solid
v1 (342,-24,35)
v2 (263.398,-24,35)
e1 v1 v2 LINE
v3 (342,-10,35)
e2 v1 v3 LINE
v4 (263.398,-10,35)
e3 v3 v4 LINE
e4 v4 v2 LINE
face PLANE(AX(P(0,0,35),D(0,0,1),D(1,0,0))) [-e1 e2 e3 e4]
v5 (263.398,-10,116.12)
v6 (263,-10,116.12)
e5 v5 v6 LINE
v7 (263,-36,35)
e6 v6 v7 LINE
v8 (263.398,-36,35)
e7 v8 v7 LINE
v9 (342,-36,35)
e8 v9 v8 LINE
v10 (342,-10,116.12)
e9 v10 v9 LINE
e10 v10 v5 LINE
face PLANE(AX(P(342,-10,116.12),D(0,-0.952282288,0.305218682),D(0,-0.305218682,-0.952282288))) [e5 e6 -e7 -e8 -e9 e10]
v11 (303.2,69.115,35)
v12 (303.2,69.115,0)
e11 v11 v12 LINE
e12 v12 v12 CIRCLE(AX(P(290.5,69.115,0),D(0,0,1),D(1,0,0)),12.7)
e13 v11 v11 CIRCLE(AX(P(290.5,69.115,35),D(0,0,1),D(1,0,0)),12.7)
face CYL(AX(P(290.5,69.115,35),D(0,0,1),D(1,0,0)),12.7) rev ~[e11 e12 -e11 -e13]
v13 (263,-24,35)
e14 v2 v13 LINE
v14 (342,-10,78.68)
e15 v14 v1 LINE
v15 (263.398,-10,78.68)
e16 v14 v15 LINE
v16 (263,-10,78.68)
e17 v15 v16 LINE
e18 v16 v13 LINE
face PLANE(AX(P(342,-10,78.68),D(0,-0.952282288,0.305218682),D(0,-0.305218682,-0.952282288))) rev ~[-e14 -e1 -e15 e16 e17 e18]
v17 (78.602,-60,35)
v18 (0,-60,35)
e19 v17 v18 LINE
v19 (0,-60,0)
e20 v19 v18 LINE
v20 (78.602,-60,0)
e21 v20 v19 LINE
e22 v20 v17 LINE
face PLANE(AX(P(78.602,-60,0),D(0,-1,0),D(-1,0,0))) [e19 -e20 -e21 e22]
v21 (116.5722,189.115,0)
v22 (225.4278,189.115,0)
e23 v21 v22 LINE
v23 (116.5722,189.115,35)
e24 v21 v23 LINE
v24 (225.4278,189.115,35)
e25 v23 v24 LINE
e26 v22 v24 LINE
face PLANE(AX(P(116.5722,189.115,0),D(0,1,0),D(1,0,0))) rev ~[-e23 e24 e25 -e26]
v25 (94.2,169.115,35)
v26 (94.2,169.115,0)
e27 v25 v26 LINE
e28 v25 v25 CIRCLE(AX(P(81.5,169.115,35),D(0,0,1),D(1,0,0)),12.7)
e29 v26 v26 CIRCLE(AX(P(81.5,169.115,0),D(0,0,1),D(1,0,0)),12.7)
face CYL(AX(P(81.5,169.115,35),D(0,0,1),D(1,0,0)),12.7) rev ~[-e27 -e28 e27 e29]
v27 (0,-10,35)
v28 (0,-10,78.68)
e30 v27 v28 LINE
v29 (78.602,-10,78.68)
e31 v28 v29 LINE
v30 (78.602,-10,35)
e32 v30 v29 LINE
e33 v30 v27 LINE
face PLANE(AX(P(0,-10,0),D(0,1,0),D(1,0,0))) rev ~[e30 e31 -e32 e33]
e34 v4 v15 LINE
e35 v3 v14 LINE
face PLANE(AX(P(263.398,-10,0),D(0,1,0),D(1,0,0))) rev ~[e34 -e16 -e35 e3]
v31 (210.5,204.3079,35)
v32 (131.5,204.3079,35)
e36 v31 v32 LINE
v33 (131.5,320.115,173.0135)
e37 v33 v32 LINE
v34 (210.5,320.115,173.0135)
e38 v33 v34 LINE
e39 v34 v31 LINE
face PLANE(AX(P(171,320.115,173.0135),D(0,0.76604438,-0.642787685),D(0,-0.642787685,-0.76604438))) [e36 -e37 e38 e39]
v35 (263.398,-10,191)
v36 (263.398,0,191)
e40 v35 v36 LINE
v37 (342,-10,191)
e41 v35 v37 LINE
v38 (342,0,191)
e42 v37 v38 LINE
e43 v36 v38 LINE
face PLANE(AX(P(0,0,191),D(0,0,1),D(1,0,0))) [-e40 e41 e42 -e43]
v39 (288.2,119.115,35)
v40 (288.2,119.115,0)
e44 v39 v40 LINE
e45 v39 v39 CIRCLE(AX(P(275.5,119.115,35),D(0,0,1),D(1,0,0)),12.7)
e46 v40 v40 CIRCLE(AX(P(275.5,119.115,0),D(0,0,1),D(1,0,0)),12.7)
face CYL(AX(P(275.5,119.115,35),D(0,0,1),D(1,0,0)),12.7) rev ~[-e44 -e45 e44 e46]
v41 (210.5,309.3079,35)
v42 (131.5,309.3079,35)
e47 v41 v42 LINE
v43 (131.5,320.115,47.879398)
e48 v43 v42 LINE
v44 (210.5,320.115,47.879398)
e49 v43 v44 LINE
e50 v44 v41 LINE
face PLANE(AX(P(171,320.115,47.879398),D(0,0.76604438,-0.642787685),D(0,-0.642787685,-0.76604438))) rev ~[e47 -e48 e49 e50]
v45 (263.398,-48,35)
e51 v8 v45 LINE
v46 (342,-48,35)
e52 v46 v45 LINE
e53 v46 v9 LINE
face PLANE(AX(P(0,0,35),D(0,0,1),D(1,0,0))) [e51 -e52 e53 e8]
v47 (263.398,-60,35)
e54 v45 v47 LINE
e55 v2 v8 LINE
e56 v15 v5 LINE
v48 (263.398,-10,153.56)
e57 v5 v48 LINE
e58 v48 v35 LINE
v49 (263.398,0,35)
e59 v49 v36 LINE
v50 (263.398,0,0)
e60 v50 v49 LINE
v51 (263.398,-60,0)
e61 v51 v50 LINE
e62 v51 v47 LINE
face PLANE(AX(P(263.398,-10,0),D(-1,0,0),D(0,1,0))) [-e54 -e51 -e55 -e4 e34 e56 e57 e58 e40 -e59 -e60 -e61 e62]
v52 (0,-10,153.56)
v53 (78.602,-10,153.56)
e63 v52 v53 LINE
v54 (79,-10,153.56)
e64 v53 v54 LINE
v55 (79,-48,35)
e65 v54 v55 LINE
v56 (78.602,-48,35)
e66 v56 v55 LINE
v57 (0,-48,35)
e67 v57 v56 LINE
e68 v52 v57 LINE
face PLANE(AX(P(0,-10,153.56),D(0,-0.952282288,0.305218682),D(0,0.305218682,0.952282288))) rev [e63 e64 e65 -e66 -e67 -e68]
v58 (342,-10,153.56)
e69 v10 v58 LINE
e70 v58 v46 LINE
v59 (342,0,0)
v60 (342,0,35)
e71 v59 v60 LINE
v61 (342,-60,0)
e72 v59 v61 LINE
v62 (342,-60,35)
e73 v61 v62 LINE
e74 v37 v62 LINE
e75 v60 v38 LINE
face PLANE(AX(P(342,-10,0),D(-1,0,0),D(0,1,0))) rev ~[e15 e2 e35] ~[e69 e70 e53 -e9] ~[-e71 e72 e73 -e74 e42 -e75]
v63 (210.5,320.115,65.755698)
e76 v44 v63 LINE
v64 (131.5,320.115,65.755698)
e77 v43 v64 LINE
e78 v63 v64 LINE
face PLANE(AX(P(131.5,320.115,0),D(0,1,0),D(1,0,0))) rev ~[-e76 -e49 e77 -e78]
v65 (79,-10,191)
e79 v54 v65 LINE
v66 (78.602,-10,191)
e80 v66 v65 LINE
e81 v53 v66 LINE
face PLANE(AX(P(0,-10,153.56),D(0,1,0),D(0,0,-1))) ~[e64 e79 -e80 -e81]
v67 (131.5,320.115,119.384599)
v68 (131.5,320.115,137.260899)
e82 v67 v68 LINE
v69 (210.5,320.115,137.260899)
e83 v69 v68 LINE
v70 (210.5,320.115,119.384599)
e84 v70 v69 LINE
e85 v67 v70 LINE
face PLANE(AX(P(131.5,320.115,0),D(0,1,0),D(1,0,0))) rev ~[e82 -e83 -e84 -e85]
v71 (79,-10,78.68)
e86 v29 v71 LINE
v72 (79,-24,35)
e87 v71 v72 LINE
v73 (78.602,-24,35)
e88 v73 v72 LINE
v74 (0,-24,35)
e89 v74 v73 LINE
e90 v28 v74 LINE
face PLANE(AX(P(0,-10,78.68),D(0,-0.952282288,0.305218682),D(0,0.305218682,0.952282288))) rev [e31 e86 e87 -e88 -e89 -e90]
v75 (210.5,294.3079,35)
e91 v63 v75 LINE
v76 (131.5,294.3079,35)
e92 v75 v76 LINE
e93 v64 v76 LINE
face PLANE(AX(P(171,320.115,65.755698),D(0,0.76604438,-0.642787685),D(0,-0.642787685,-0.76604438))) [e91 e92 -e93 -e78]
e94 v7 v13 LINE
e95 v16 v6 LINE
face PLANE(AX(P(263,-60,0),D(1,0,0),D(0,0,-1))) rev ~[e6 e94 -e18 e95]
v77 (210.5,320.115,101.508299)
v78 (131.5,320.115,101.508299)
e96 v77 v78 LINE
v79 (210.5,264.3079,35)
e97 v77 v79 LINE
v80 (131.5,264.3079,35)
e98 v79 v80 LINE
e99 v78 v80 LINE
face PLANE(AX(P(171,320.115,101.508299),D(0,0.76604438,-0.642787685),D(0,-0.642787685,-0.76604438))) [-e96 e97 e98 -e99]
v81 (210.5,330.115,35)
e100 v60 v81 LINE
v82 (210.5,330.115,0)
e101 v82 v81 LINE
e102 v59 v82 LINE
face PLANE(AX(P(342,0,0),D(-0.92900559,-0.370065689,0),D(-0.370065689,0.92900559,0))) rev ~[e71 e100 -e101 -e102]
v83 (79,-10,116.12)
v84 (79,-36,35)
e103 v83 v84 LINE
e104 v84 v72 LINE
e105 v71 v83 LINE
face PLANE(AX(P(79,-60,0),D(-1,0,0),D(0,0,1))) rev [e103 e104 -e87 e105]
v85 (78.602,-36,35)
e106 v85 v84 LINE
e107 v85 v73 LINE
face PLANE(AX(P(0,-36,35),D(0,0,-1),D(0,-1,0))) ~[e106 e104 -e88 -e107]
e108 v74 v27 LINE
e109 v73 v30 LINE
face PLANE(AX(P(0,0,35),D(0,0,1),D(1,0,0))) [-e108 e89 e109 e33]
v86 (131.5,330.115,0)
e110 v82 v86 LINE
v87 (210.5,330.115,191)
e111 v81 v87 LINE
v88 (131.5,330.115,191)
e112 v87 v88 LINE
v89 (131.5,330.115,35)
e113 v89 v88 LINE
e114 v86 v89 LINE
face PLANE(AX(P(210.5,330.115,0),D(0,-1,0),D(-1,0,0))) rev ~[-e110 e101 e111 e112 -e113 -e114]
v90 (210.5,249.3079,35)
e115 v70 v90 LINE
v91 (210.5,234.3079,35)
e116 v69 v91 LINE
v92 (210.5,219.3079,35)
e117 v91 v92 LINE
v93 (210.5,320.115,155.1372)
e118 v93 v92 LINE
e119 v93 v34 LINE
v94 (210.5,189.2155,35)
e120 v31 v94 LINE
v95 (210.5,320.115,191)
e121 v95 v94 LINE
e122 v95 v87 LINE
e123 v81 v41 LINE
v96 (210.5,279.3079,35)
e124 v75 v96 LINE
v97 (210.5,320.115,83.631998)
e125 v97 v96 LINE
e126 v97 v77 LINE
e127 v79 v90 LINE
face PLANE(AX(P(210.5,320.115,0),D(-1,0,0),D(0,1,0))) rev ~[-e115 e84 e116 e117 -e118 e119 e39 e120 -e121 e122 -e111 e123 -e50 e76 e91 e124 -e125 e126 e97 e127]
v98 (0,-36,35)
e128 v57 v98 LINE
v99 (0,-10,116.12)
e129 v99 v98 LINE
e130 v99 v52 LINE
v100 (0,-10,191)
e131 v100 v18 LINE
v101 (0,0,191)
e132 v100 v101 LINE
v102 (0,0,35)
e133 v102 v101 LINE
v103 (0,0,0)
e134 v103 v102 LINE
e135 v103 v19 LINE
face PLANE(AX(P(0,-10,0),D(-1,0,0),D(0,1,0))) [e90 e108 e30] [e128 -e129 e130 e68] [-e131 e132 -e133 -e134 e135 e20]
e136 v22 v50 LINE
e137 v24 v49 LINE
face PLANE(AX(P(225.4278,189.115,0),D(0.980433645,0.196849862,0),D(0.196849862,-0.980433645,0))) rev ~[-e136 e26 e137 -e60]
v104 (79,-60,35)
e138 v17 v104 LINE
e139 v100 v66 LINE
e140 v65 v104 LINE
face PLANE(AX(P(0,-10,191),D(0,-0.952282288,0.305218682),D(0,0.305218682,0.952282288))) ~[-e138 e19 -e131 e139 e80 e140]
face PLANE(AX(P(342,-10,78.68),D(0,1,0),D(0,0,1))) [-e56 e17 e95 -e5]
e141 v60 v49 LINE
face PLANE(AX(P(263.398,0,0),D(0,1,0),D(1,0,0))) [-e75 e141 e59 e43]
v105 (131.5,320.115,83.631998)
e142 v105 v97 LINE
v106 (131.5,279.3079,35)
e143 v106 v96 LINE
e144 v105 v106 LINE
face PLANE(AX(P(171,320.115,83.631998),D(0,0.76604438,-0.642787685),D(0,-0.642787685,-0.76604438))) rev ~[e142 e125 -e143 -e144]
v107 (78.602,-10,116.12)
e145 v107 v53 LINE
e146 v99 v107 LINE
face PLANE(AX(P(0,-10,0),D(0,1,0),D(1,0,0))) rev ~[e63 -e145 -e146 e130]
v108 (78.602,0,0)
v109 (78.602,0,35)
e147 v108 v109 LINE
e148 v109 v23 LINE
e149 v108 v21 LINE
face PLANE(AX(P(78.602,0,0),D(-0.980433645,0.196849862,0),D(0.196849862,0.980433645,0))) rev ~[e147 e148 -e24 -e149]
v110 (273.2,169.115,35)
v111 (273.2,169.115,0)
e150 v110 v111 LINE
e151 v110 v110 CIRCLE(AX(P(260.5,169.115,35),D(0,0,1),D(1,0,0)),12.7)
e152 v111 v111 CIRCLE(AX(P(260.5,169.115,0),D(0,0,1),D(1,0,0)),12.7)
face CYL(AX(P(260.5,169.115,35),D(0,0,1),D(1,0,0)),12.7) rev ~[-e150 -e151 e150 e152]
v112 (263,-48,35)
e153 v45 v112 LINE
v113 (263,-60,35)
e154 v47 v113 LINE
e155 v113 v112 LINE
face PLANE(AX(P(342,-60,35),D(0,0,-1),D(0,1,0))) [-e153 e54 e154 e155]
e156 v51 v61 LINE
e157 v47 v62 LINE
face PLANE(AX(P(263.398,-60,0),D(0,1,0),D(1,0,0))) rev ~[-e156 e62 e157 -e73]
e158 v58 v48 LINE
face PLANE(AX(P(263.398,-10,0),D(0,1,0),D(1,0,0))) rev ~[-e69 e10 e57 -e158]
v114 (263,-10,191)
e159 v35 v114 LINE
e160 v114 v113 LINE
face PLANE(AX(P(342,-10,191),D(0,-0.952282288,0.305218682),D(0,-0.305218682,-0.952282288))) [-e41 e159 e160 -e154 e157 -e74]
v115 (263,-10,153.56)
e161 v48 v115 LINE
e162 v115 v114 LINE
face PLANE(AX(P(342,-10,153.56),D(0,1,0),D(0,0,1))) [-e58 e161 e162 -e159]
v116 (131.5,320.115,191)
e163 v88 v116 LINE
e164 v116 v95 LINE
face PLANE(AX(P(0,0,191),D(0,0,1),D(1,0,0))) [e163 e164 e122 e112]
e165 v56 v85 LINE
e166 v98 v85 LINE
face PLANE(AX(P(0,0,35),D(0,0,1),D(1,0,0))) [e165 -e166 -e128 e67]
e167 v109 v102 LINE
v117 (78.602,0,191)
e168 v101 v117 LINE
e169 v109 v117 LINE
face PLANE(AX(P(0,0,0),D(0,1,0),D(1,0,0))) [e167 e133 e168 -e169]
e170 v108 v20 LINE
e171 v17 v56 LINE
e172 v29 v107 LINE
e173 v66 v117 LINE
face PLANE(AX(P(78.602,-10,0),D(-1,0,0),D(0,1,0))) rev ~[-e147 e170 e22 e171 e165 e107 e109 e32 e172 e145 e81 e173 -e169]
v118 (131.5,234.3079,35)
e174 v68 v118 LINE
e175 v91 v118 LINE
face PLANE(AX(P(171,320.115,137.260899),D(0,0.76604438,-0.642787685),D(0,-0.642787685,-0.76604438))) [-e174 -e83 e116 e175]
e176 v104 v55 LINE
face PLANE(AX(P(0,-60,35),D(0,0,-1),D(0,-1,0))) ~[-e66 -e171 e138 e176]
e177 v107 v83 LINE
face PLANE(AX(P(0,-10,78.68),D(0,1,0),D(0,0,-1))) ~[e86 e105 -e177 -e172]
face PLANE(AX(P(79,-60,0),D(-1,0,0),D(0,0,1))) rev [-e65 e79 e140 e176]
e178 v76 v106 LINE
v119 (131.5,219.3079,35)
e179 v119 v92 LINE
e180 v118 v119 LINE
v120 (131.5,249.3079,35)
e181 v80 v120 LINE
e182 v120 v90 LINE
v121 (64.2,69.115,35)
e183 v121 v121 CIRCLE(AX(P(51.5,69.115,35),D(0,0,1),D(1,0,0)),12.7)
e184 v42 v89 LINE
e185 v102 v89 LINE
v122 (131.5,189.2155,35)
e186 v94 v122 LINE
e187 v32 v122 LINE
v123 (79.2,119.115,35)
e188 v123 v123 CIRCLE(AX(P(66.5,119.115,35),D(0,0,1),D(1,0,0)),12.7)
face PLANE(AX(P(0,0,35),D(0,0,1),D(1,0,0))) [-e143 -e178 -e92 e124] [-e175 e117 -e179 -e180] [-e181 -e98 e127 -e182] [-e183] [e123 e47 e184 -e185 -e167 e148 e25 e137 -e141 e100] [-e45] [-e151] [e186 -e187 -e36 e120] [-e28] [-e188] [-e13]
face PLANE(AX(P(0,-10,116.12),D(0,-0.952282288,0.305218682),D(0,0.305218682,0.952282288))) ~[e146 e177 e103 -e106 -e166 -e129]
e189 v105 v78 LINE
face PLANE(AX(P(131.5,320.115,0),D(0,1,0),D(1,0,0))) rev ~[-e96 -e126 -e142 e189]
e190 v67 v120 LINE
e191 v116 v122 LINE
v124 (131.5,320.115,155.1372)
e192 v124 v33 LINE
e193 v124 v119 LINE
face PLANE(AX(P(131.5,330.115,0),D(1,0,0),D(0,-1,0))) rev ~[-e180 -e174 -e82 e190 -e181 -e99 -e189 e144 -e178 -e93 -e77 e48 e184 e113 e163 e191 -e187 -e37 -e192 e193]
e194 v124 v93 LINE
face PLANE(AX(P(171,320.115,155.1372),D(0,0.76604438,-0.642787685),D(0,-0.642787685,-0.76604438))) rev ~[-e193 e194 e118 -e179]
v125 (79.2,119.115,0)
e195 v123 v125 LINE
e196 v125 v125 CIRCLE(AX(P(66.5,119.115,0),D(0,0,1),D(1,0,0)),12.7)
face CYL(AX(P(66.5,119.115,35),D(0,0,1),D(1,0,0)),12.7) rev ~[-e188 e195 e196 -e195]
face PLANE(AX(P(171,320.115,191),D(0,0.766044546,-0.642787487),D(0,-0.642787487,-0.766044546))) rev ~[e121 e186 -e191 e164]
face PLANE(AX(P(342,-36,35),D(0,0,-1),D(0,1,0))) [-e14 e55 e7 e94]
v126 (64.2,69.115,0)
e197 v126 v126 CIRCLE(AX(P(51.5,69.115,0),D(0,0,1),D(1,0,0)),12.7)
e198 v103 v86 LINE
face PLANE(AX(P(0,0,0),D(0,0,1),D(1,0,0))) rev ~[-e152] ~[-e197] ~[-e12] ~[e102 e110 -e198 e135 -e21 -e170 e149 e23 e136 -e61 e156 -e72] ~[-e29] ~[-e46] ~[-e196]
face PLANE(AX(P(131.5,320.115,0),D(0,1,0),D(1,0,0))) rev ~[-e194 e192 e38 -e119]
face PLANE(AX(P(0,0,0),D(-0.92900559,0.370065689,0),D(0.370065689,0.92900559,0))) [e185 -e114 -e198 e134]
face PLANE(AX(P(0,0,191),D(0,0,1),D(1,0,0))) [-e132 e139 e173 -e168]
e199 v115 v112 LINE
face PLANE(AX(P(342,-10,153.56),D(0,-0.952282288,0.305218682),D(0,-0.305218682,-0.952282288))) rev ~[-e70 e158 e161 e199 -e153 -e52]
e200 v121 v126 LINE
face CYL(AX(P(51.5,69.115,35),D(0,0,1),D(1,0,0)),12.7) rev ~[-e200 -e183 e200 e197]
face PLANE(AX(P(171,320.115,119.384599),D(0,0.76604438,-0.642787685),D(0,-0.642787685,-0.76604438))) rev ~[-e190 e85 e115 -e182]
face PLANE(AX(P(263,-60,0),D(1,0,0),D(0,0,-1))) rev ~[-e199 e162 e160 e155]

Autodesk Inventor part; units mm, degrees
ref_plane "YZ Plane" through (0, 0, 0) normal (1, 0, 0) x (0, 1, 0)
ref_plane "XZ Plane" through (0, 0, 0) normal (0, 1, 0) x (-1, 0, 0)
sketch "Boceto7" plane through (0, 0, 0) normal (0, 0, 1) x (1, 0, 0)
  line L0 (0, 0) -> (342, 0)
  line L1 (171, 330.115) -> (171, 0) construction
  line L2 (131.5, 347.5309) -> (210.5, 347.5309) construction
  line L3 (210.5, 330.115) -> (131.5, 330.115)
  line L4 (0, 0) -> (131.5, 330.115)
  line L5 (342, 0) -> (210.5, 330.115)
  line L6 (0, 0) -> (0, -10) construction
  line L7 (0, -10) -> (78.602, -10) construction
  line L8 (0, -10) -> (78.602, -10)
  line L9 (0, -10) -> (0, 0)
  line L10 (78.602, -10) -> (342, -10)
  line L11 (342, -10) -> (342, 0)
  line L12 (131.5, 330.115) -> (131.5, 320.115)
  line L13 (131.5, 320.115) -> (210.5, 320.115)
  line L14 (210.5, 320.115) -> (210.5, 330.115)
  line L15 (78.602, -10) -> (78.602, 0)
  line L16 (263.398, -10) -> (263.398, 0)
  line L17 (0, -10) -> (78.602, -10)
  line L18 (78.602, -10) -> (78.602, -60)
  line L19 (78.602, -60) -> (0, -60)
  line L20 (0, -60) -> (0, -10)
  line L21 (263.398, -10) -> (263.398, -60)
  line L22 (263.398, -60) -> (342, -60)
  line L23 (342, -60) -> (342, -10)
  line L24 (78.602, 0) -> (116.5722, 189.115)
  line L25 (116.5722, 189.115) -> (225.4278, 189.115)
  line L26 (225.4278, 189.115) -> (263.398, 0)
  point P0 (263.398, 0)
  point P1 (263.398, -10)
  dimension "d68" = 79
  dimension "d69" = 39.5
  dimension "d70" = 342
  dimension "d71" = 330.115
  dimension "d72" = 10
  dimension "d73" = 78.602
  dimension "d74" = 10
  dimension "d111" = 50
  dimension "d144" = 141
extrude "Extrusión5" add sketch "Boceto7" along normal blind 35 contours L4 L12 L13 L14 L5 L0 L26 L25 L24 | L0 L15 L8 L9 | L3 L14 L13 L12 | L8 L18 L19 L20 | L0 L11 L10 L16 | L10 L23 L22 L21
extrude "Extrusión6" add sketch "Boceto7" along normal blind 191 contours L0 L15 L8 L9 | L3 L14 L13 L12 | L0 L11 L10 L16
ref_plane "Plano de trabajo2" through (171, -60, 0) normal (1, 0, 0) x (0, 0, -1)
sketch "Boceto12" plane through (171, -60, 0) normal (1, 0, 0) x (0, 0, -1)
  line L0 (-35, 380.115) -> (-191, 380.115) projected
  line L1 (-191, 380.115) -> (-35, 249.2155)
  line L2 (-35, 390.115) -> (-35, 60) projected
  line L3 (-173.0135, 380.115) -> (-35, 264.3079)
  line L4 (-173.0135, 395.115) -> (-35, 279.3079)
  line L5 (-173.0135, 410.115) -> (-35, 294.3079)
  line L6 (-173.0135, 425.115) -> (-35, 309.3079)
  line L7 (-173.0135, 440.115) -> (-35, 324.3079)
  line L8 (-173.0135, 455.115) -> (-35, 339.3079)
  line L9 (-173.0135, 470.115) -> (-35, 354.3079)
  line L10 (-173.0135, 485.115) -> (-35, 369.3079)
  line L11 (-173.0135, 500.115) -> (-35, 384.3079)
  line L12 (-173.0135, 515.115) -> (-35, 399.3079)
  line L13 (-173.0135, 530.115) -> (-35, 414.3079)
  line L14 (-35, 60) -> (-35, 390.115) projected
  line L15 (138.0135, 380.115) -> (138.0135, 210.115) construction
  point P0 (0, 60)
  point P1 (-10, 338.3304)
  point P2 (-23.0135, 325.115)
  point P3 (-12.1268, 325.115)
  point P4 (-30, 350.1124)
  point P5 (-30.0031, 385.115)
  point P6 (-47.8794, 380.115)
  point P7 (-65.7557, 380.115)
  point P8 (-83.632, 380.115)
  point P9 (-101.5083, 380.115)
  point P10 (-119.3846, 380.115)
  point P11 (-137.2609, 380.115)
  point P12 (-155.1372, 380.115)
  dimension "d90" = 40
  dimension "d93" = 15
  dimension "d107" = 170
  dimension "d108" = 0
extrude "Extrusión9" add sketch "Boceto12" along normal mid plane 79 contours L3 L2 L1 L0 | L0 L5 L2 L4 | L0 L7 L2 L6 | L0 L9 L2 L8 | L0 L2 L10
sketch "Boceto13" plane through (0, 0, 35) normal (0, 0, 1) x (1, 0, 0)
  circle A0 centre (81.5, 169.115) radius 12.7
  circle A1 centre (66.5, 119.115) radius 12.7
  circle A2 centre (51.5, 69.115) radius 12.7
  line L0 (116.5722, 189.115) -> (225.4278, 189.115) projected
  line L1 (131.5, 189.2155) -> (131.5, 320.115) projected
  line L2 (131.5, 320.115) -> (210.5, 320.115) construction
  line L3 (171, 320.115) -> (171, 34.3684) construction
  circle A3 centre (260.5, 169.115) radius 12.7
  circle A4 centre (275.5, 119.115) radius 12.7
  circle A5 centre (290.5, 69.115) radius 12.7
  point P0 (131.5, 193.411)
  dimension "d126" = 25.4
  dimension "d127" = 25.4
  dimension "d128" = 25.4
  dimension "d129" = 20
  dimension "d130" = 50
  dimension "d131" = 50
  dimension "d132" = 50
  dimension "d133" = 65
  dimension "d134" = 80
extrude "Extrusión10" cut sketch "Boceto13" against normal up to surface (35 mm away)
sketch "Boceto16" plane through (342, -60, 0) normal (1, 0, 0) x (0, 0, -1)
  line L0 (-191, 50) -> (-191, 60) projected
  line L1 (0, 0) -> (-35, 0) projected
  line L2 (-191, 50) -> (-35, 0)
  line L3 (-35, 0) -> (-35, 50) projected
  line L4 (-191, 62) -> (-35, 12)
  line L5 (-191, 74) -> (-35, 24)
  line L6 (-191, 86) -> (-35, 36)
  line L7 (-191, 98) -> (-35, 48)
  line L8 (-191, 110) -> (-35, 60)
  line L9 (-35, 50) -> (-191, 50) projected
  point P0 (0, 60)
  point P1 (-78.68, 50)
  point P2 (-116.12, 50)
  point P3 (-153.56, 50)
  dimension "d137" = 12
extrude "Extrusión13" add sketch "Boceto16" against normal blind 79 contours L9 L4 L3 L2 | L9 L6 L3 L5
mirror "Simetría2" about plane through (171, -60, 0) normal (1, 0, 0) of "Extrusión13"
thread "Rosca1" size "M26x1.5" class "6H" standard "ANSI Metric M Profile" full length
thread "Rosca2" size "M26x1.5" class "6H" standard "ANSI Metric M Profile" full length
thread "Rosca3" size "M26x1.5" class "6H" standard "ANSI Metric M Profile" full length
thread "Rosca4" size "M26x1.5" class "6H" standard "ANSI Metric M Profile" full length
thread "Rosca5" size "M26x1.5" class "6H" standard "ANSI Metric M Profile" full length
thread "Rosca6" size "M26x1.5" class "6H" standard "ANSI Metric M Profile" full length
properties part number "Soporte" material "Acero inoxidable 302 AISI"
